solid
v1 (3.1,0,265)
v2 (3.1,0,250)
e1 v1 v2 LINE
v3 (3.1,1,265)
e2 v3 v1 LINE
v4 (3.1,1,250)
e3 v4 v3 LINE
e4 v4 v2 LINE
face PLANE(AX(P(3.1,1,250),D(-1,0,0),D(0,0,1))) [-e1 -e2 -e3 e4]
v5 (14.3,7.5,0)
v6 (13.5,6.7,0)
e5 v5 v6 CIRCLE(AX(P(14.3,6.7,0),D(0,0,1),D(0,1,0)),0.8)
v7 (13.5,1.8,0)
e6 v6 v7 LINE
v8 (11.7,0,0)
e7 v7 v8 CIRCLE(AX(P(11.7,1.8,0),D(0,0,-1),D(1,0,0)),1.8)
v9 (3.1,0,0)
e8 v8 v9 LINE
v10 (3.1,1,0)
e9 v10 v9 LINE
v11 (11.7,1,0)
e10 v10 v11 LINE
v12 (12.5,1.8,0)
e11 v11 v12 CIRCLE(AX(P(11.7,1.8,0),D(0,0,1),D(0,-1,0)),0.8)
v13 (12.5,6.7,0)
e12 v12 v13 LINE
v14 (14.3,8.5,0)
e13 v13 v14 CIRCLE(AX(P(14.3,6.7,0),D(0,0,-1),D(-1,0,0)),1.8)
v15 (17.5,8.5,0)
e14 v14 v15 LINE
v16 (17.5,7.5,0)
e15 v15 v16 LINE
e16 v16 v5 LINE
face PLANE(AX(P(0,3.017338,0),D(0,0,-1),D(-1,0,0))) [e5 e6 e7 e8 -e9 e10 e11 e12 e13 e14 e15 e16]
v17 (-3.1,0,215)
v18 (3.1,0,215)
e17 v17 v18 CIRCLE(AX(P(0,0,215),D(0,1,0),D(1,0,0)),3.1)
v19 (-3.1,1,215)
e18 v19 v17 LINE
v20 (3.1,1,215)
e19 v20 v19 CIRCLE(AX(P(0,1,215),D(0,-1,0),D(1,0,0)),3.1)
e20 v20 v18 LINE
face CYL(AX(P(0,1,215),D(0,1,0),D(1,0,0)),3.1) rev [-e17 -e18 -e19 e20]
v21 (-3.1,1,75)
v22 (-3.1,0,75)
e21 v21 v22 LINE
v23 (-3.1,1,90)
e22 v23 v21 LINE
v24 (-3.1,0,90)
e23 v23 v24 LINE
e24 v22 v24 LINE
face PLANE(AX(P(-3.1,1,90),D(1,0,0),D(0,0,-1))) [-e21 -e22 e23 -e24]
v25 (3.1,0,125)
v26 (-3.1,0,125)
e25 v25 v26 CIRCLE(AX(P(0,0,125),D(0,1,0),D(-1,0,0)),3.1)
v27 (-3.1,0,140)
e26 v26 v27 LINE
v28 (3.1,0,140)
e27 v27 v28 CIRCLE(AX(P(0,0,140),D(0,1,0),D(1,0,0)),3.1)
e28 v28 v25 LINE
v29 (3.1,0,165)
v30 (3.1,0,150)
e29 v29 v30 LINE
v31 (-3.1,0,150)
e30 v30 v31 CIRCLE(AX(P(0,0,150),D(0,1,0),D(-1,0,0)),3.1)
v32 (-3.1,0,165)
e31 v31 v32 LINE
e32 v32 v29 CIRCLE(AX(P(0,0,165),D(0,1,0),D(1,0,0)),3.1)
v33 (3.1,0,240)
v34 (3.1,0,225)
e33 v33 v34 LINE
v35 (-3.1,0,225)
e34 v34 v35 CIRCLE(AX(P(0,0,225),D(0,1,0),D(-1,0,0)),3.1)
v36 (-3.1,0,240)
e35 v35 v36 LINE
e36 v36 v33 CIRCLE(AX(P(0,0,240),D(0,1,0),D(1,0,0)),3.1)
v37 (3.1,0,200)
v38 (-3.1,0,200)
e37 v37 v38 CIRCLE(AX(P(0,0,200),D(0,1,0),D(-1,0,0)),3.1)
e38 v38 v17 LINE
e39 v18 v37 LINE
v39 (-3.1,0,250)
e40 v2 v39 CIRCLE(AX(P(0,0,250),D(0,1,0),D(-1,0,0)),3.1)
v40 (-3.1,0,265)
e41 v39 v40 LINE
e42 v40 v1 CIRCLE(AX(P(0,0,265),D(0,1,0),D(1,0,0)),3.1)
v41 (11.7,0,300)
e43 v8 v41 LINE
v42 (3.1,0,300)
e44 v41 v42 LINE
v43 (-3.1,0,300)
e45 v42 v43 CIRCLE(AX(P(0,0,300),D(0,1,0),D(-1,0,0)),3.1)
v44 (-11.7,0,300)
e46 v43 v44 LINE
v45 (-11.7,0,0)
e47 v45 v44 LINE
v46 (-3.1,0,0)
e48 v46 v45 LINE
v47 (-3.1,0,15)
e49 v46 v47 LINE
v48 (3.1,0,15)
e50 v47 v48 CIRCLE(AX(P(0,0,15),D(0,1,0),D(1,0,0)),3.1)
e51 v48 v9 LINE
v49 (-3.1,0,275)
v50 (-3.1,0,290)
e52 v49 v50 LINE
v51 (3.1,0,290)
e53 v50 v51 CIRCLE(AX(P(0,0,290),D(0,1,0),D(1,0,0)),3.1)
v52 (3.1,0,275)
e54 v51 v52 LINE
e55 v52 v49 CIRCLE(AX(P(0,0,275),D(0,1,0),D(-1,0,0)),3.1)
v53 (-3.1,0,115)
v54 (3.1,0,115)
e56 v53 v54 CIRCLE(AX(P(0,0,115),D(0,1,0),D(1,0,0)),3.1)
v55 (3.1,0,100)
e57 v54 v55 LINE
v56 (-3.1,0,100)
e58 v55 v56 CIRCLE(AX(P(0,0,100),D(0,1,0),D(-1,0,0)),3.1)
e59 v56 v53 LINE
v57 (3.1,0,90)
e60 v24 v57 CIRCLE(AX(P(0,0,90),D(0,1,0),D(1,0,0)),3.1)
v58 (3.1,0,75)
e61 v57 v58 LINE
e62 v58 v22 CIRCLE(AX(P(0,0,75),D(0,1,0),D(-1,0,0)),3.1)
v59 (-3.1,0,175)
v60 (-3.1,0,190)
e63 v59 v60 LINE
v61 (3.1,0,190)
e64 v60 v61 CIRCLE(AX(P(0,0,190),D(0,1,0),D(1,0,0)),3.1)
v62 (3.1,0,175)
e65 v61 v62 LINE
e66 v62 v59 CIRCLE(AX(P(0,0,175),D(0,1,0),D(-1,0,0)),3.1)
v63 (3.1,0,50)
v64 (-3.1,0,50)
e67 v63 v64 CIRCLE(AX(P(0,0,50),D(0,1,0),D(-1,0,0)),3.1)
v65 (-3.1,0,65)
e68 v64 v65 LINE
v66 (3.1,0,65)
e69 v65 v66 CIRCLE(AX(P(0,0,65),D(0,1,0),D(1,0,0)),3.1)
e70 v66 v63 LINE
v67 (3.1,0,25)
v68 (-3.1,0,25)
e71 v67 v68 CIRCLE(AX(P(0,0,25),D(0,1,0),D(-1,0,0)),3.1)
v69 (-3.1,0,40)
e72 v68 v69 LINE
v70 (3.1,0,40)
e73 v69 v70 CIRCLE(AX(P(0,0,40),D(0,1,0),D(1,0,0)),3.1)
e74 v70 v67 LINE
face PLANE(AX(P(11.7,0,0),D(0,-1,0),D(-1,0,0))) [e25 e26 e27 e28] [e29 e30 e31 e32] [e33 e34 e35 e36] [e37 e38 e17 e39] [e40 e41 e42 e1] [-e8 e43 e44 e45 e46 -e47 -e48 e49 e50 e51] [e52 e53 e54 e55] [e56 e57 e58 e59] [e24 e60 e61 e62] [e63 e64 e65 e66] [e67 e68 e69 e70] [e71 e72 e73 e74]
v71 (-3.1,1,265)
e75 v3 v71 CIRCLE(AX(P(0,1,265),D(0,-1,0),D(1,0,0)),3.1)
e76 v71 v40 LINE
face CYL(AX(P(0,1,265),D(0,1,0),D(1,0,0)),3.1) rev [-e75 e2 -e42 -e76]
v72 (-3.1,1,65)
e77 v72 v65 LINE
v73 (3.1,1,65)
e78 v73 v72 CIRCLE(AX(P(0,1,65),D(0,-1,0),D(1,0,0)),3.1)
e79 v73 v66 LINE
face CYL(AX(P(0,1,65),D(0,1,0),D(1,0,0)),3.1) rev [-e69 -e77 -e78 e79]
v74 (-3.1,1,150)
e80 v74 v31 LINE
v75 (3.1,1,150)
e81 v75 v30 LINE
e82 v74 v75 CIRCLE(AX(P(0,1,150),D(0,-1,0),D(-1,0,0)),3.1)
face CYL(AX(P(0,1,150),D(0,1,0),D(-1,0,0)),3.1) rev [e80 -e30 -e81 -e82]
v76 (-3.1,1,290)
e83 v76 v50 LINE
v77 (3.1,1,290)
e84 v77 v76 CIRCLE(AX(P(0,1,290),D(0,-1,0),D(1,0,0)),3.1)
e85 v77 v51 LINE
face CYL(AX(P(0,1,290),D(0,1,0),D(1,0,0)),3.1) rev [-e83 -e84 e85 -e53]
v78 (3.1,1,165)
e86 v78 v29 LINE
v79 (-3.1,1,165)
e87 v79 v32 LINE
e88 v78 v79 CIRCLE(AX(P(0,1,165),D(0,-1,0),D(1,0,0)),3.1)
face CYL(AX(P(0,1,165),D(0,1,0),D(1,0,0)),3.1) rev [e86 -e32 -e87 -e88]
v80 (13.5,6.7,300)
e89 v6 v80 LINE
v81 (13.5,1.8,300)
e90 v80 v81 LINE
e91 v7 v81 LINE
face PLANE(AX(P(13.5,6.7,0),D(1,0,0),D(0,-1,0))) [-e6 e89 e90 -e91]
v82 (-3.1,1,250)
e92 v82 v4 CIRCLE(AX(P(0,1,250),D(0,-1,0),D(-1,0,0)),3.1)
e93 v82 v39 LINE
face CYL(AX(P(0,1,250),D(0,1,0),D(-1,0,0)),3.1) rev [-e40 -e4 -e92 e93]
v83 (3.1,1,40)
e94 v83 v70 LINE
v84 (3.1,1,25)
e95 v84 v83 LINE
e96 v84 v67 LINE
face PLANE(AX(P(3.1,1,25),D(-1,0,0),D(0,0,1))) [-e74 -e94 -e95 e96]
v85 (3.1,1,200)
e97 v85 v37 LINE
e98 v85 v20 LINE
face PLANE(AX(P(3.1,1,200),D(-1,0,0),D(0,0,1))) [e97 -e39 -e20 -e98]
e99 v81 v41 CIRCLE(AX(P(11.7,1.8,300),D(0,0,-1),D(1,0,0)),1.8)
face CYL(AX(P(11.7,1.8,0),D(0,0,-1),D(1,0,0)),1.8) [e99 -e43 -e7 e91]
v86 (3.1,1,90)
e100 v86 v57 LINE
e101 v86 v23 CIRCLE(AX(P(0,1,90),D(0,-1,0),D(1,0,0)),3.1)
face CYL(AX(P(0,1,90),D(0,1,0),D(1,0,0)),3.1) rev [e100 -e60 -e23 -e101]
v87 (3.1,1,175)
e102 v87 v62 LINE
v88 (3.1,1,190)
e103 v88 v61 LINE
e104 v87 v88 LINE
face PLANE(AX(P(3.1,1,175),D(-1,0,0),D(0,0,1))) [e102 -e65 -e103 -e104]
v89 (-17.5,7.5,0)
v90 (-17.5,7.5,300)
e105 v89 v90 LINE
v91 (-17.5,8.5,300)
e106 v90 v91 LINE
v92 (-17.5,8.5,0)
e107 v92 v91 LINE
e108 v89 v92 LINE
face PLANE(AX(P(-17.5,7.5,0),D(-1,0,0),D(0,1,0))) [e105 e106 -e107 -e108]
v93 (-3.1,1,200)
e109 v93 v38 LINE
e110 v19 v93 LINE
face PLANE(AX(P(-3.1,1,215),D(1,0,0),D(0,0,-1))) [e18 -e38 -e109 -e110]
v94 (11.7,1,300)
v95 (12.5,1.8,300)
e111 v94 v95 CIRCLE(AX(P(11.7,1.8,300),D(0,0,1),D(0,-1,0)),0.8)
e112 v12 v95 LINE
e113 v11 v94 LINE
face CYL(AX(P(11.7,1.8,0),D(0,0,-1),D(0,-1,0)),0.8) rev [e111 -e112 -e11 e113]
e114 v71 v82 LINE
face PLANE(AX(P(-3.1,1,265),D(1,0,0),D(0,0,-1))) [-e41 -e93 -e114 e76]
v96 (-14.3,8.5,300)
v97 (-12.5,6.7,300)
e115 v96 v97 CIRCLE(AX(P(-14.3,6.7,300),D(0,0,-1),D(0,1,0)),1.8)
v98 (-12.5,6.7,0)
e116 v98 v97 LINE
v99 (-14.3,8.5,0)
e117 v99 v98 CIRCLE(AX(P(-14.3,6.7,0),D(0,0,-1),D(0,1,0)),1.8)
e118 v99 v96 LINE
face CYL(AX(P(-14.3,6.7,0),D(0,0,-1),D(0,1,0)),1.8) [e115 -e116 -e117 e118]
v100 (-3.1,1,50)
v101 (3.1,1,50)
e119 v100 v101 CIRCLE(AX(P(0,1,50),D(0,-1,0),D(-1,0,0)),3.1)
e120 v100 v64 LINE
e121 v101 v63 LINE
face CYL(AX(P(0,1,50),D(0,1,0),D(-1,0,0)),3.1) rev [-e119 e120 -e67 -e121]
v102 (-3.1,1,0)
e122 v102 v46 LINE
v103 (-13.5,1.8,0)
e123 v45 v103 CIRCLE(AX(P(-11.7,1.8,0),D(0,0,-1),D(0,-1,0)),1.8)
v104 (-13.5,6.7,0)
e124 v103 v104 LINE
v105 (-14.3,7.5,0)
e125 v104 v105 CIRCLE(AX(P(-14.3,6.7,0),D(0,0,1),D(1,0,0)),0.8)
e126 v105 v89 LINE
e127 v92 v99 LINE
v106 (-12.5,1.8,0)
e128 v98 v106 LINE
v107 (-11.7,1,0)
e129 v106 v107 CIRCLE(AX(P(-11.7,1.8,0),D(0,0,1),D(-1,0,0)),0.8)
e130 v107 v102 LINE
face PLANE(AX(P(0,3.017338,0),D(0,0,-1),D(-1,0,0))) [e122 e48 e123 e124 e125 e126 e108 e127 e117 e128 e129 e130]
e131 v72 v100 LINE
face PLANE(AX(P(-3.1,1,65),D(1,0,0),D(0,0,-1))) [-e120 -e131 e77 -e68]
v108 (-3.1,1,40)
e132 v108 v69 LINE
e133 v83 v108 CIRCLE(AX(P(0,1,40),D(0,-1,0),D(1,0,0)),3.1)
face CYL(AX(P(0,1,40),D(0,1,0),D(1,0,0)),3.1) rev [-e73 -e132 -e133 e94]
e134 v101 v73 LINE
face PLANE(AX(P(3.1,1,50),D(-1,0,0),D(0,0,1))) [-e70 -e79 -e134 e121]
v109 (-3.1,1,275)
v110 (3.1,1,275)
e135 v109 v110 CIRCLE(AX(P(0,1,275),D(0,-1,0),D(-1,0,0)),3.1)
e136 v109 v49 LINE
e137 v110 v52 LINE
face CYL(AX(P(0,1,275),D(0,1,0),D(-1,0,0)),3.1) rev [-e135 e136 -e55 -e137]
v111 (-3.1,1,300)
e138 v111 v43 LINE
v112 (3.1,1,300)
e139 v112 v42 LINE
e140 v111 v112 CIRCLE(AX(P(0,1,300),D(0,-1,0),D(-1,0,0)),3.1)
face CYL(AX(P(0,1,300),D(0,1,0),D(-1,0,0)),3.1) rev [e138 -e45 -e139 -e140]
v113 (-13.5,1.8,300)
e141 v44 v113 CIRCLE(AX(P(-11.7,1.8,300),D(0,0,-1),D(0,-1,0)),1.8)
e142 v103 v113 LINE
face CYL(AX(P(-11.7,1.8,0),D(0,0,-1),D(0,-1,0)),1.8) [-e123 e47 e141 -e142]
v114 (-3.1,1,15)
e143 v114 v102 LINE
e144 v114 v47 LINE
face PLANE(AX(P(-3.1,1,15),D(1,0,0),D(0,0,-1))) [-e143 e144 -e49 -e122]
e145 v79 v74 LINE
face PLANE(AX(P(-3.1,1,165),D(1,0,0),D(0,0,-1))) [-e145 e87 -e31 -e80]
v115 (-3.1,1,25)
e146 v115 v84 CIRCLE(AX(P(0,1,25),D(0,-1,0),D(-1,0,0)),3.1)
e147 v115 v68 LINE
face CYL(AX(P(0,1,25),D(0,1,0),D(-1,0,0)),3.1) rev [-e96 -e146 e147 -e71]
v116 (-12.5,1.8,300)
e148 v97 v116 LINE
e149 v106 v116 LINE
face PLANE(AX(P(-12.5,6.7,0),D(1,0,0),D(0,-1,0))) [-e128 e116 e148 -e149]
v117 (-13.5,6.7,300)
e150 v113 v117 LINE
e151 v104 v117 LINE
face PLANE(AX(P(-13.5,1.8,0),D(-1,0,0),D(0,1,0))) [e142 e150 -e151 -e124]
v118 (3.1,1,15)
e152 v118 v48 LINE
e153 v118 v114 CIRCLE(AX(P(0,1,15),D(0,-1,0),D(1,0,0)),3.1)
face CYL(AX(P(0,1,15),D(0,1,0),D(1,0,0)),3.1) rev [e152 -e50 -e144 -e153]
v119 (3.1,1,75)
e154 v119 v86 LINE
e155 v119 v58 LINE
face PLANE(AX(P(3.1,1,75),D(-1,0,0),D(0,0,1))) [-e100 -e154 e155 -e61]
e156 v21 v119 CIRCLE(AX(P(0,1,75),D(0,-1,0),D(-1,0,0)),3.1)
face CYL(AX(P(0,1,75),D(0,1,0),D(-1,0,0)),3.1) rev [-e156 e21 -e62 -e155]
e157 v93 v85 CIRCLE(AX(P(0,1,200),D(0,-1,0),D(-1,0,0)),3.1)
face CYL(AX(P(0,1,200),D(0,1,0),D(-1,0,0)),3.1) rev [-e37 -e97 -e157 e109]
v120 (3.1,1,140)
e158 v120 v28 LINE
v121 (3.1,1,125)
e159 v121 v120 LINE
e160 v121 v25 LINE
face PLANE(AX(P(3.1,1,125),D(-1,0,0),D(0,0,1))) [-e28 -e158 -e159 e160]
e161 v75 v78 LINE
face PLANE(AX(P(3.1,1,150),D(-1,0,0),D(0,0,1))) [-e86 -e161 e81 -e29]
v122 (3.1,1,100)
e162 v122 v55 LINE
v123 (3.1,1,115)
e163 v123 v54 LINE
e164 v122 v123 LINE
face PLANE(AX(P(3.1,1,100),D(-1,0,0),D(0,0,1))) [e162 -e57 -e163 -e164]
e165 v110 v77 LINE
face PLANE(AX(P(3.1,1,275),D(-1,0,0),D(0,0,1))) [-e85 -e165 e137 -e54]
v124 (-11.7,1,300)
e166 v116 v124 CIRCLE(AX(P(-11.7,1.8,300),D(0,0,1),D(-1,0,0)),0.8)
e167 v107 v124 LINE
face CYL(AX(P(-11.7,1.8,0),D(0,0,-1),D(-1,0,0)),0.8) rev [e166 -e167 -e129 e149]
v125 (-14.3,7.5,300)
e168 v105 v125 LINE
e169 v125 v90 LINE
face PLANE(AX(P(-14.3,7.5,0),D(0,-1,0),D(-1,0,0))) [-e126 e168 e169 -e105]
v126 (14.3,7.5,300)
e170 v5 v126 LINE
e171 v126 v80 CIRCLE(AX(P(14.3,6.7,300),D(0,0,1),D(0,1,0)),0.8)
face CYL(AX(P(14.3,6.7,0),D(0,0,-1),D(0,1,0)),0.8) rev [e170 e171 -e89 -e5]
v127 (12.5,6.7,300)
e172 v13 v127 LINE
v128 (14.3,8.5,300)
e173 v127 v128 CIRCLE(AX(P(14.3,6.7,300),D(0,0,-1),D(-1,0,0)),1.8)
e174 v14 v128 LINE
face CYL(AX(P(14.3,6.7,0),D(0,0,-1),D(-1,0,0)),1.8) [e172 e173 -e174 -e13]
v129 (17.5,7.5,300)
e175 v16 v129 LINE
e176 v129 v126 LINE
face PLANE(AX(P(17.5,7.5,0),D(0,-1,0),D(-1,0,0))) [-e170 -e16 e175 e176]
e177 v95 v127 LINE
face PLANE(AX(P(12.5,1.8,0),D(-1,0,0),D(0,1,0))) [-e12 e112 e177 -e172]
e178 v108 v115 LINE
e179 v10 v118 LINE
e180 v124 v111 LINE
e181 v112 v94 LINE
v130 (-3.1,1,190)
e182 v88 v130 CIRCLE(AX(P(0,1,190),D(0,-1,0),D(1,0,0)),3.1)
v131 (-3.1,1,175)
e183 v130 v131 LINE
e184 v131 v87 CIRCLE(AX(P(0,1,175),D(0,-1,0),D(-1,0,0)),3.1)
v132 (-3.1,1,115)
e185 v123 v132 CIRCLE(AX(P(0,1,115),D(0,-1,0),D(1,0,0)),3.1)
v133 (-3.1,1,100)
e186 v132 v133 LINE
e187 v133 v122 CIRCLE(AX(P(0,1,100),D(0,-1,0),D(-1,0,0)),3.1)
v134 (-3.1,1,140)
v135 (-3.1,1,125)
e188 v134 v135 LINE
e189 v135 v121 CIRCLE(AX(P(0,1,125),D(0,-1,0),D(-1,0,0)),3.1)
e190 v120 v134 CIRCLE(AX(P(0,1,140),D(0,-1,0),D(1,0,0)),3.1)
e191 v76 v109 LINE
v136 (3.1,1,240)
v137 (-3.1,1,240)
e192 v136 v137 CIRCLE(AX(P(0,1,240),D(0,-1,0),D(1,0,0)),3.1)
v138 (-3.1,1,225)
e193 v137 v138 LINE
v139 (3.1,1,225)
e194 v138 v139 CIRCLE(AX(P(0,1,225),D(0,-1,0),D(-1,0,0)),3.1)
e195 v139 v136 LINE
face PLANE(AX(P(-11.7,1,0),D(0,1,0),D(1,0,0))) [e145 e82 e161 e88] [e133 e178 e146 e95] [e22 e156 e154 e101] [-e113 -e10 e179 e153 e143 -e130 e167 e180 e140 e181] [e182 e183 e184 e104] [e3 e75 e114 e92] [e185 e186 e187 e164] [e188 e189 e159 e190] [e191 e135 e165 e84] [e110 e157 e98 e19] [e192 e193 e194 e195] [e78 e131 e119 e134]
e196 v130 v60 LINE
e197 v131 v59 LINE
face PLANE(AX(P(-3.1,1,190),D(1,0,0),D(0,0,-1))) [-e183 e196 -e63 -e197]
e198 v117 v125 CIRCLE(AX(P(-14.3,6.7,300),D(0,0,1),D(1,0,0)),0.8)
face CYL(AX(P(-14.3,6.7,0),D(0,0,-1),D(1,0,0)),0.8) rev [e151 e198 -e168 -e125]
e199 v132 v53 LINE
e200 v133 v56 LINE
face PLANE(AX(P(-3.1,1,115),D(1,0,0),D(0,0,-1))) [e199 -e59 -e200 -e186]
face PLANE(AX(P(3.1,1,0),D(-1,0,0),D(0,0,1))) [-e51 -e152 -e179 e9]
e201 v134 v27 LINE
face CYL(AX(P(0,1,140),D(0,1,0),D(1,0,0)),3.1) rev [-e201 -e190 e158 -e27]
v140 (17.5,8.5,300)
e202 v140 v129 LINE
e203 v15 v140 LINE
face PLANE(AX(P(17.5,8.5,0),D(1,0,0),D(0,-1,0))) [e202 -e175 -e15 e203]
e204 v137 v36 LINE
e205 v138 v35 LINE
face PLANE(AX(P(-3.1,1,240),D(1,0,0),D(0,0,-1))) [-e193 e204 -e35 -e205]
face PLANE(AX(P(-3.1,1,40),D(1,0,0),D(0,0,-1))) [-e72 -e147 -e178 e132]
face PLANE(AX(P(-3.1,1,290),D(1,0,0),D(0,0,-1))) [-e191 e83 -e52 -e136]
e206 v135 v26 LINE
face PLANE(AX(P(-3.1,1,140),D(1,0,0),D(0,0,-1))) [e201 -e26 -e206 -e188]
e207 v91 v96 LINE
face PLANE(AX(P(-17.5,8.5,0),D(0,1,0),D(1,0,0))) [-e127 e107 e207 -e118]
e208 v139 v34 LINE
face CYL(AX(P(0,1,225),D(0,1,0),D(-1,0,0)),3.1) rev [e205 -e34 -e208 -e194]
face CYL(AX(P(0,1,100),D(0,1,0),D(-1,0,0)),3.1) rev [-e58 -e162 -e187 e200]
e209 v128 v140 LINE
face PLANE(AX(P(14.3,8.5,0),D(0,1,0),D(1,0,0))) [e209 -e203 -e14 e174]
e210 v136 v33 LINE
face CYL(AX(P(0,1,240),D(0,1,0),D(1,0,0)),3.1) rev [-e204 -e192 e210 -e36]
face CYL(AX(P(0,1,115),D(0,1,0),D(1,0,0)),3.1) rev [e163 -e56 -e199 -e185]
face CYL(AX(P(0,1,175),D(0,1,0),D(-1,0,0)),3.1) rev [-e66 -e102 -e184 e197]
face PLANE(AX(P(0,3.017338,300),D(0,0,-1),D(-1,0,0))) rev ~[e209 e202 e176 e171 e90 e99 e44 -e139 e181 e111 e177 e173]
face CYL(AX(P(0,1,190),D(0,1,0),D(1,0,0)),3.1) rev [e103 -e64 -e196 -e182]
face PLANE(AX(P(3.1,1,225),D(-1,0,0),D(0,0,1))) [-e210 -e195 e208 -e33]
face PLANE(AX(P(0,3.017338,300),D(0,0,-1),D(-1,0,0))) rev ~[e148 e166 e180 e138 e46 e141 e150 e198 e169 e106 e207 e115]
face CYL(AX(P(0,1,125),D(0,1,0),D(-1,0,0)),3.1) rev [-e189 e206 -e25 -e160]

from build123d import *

# Parameters (mm, degrees)
BOSS_EXTRUDE2_DEPTH = 300
CUT_EXTRUDE1_DEPTH  = 100


with BuildPart() as part:
    # Sketch1 → Boss-Extrude2 (new body)
    with BuildSketch(Plane.XY):
        with BuildLine():
            Line((0, 0), (-11.7, 0))
            ThreePointArc((-11.7, 0), (-12.972792206, 0.527207794), (-13.5, 1.8))
            Line((-13.5, 1.8), (-13.5, 6.7))
            ThreePointArc((-13.5, 6.7), (-13.734314575, 7.265685425), (-14.3, 7.5))
            Line((-14.3, 7.5), (-17.5, 7.5))
            Line((-17.5, 7.5), (-17.5, 8.5))
            Line((-17.5, 8.5), (-14.3, 8.5))
            ThreePointArc((-14.3, 8.5), (-13.027207794, 7.972792206), (-12.5, 6.7))
            Line((-12.5, 6.7), (-12.5, 1.8))
            ThreePointArc((-12.5, 1.8), (-12.265685425, 1.234314575), (-11.7, 1))
            Line((-11.7, 1), (0, 1))
            Line((0, 1), (11.7, 1))
            ThreePointArc((11.7, 1), (12.265685425, 1.234314575), (12.5, 1.8))
            Line((12.5, 1.8), (12.5, 6.7))
            ThreePointArc((12.5, 6.7), (13.027207794, 7.972792206), (14.3, 8.5))
            Line((14.3, 8.5), (17.5, 8.5))
            Line((17.5, 8.5), (17.5, 7.5))
            Line((17.5, 7.5), (14.3, 7.5))
            ThreePointArc((14.3, 7.5), (13.734314575, 7.265685425), (13.5, 6.7))
            Line((13.5, 6.7), (13.5, 1.8))
            ThreePointArc((13.5, 1.8), (12.972792206, 0.527207794), (11.7, 0))
            Line((11.7, 0), (0, 0))
        make_face()
    extrude(amount=BOSS_EXTRUDE2_DEPTH)

    # Sketch2 → Cut-Extrude1 (cut)
    with BuildSketch(Plane(origin=(0, 1, 0), x_dir=(1, 0, 0), z_dir=(0, 1, 0))):
        with BuildLine():
            Line((-3.1, -290), (-3.1, -275))
            ThreePointArc((-3.1, -275), (0, -271.9), (3.1, -275))
            Line((3.1, -275), (3.1, -290))
            ThreePointArc((3.1, -290), (0, -293.1), (-3.1, -290))
        make_face()
        with BuildLine():
            Line((-3.1, -265), (-3.1, -250))
            ThreePointArc((-3.1, -250), (0, -246.9), (3.1, -250))
            Line((3.1, -250), (3.1, -265))
            ThreePointArc((3.1, -265), (0, -268.1), (-3.1, -265))
        make_face()
        with BuildLine():
            Line((-3.1, -240), (-3.1, -225))
            ThreePointArc((-3.1, -225), (0, -221.9), (3.1, -225))
            Line((3.1, -225), (3.1, -240))
            ThreePointArc((3.1, -240), (0, -243.1), (-3.1, -240))
        make_face()
        with BuildLine():
            Line((-3.1, -215), (-3.1, -200))
            ThreePointArc((-3.1, -200), (0, -196.9), (3.1, -200))
            Line((3.1, -200), (3.1, -215))
            ThreePointArc((3.1, -215), (0, -218.1), (-3.1, -215))
        make_face()
        with BuildLine():
            Line((-3.1, -315), (-3.1, -300))
            ThreePointArc((-3.1, -300), (0, -296.9), (3.1, -300))
            Line((3.1, -300), (3.1, -315))
            ThreePointArc((3.1, -315), (0, -318.1), (-3.1, -315))
        make_face()
        with BuildLine():
            Line((-3.1, -190), (-3.1, -175))
            ThreePointArc((-3.1, -175), (0, -171.9), (3.1, -175))
            Line((3.1, -175), (3.1, -190))
            ThreePointArc((3.1, -190), (0, -193.1), (-3.1, -190))
        make_face()
        with BuildLine():
            Line((-3.1, -165), (-3.1, -150))
            ThreePointArc((-3.1, -150), (0, -146.9), (3.1, -150))
            Line((3.1, -150), (3.1, -165))
            ThreePointArc((3.1, -165), (0, -168.1), (-3.1, -165))
        make_face()
        with BuildLine():
            Line((-3.1, -140), (-3.1, -125))
            ThreePointArc((-3.1, -125), (0, -121.9), (3.1, -125))
            Line((3.1, -125), (3.1, -140))
            ThreePointArc((3.1, -140), (0, -143.1), (-3.1, -140))
        make_face()
        with BuildLine():
            Line((-3.1, -115), (-3.1, -100))
            ThreePointArc((-3.1, -100), (0, -96.9), (3.1, -100))
            Line((3.1, -100), (3.1, -115))
            ThreePointArc((3.1, -115), (0, -118.1), (-3.1, -115))
        make_face()
        with BuildLine():
            Line((-3.1, -90), (-3.1, -75))
            ThreePointArc((-3.1, -75), (0, -71.9), (3.1, -75))
            Line((3.1, -75), (3.1, -90))
            ThreePointArc((3.1, -90), (0, -93.1), (-3.1, -90))
        make_face()
        with BuildLine():
            Line((-3.1, -65), (-3.1, -50))
            ThreePointArc((-3.1, -50), (0, -46.9), (3.1, -50))
            Line((3.1, -50), (3.1, -65))
            ThreePointArc((3.1, -65), (0, -68.1), (-3.1, -65))
        make_face()
        with BuildLine():
            Line((-3.1, -40), (-3.1, -25))
            ThreePointArc((-3.1, -25), (0, -21.9), (3.1, -25))
            Line((3.1, -25), (3.1, -40))
            ThreePointArc((3.1, -40), (0, -43.1), (-3.1, -40))
        make_face()
        with BuildLine():
            Line((-3.1, -15), (-3.1, 0))
            ThreePointArc((-3.1, 0), (0, 3.1), (3.1, 0))
            Line((3.1, 0), (3.1, -15))
            ThreePointArc((3.1, -15), (0, -18.1), (-3.1, -15))
        make_face()
    extrude(amount=-CUT_EXTRUDE1_DEPTH, mode=Mode.SUBTRACT)


solid = part.part
